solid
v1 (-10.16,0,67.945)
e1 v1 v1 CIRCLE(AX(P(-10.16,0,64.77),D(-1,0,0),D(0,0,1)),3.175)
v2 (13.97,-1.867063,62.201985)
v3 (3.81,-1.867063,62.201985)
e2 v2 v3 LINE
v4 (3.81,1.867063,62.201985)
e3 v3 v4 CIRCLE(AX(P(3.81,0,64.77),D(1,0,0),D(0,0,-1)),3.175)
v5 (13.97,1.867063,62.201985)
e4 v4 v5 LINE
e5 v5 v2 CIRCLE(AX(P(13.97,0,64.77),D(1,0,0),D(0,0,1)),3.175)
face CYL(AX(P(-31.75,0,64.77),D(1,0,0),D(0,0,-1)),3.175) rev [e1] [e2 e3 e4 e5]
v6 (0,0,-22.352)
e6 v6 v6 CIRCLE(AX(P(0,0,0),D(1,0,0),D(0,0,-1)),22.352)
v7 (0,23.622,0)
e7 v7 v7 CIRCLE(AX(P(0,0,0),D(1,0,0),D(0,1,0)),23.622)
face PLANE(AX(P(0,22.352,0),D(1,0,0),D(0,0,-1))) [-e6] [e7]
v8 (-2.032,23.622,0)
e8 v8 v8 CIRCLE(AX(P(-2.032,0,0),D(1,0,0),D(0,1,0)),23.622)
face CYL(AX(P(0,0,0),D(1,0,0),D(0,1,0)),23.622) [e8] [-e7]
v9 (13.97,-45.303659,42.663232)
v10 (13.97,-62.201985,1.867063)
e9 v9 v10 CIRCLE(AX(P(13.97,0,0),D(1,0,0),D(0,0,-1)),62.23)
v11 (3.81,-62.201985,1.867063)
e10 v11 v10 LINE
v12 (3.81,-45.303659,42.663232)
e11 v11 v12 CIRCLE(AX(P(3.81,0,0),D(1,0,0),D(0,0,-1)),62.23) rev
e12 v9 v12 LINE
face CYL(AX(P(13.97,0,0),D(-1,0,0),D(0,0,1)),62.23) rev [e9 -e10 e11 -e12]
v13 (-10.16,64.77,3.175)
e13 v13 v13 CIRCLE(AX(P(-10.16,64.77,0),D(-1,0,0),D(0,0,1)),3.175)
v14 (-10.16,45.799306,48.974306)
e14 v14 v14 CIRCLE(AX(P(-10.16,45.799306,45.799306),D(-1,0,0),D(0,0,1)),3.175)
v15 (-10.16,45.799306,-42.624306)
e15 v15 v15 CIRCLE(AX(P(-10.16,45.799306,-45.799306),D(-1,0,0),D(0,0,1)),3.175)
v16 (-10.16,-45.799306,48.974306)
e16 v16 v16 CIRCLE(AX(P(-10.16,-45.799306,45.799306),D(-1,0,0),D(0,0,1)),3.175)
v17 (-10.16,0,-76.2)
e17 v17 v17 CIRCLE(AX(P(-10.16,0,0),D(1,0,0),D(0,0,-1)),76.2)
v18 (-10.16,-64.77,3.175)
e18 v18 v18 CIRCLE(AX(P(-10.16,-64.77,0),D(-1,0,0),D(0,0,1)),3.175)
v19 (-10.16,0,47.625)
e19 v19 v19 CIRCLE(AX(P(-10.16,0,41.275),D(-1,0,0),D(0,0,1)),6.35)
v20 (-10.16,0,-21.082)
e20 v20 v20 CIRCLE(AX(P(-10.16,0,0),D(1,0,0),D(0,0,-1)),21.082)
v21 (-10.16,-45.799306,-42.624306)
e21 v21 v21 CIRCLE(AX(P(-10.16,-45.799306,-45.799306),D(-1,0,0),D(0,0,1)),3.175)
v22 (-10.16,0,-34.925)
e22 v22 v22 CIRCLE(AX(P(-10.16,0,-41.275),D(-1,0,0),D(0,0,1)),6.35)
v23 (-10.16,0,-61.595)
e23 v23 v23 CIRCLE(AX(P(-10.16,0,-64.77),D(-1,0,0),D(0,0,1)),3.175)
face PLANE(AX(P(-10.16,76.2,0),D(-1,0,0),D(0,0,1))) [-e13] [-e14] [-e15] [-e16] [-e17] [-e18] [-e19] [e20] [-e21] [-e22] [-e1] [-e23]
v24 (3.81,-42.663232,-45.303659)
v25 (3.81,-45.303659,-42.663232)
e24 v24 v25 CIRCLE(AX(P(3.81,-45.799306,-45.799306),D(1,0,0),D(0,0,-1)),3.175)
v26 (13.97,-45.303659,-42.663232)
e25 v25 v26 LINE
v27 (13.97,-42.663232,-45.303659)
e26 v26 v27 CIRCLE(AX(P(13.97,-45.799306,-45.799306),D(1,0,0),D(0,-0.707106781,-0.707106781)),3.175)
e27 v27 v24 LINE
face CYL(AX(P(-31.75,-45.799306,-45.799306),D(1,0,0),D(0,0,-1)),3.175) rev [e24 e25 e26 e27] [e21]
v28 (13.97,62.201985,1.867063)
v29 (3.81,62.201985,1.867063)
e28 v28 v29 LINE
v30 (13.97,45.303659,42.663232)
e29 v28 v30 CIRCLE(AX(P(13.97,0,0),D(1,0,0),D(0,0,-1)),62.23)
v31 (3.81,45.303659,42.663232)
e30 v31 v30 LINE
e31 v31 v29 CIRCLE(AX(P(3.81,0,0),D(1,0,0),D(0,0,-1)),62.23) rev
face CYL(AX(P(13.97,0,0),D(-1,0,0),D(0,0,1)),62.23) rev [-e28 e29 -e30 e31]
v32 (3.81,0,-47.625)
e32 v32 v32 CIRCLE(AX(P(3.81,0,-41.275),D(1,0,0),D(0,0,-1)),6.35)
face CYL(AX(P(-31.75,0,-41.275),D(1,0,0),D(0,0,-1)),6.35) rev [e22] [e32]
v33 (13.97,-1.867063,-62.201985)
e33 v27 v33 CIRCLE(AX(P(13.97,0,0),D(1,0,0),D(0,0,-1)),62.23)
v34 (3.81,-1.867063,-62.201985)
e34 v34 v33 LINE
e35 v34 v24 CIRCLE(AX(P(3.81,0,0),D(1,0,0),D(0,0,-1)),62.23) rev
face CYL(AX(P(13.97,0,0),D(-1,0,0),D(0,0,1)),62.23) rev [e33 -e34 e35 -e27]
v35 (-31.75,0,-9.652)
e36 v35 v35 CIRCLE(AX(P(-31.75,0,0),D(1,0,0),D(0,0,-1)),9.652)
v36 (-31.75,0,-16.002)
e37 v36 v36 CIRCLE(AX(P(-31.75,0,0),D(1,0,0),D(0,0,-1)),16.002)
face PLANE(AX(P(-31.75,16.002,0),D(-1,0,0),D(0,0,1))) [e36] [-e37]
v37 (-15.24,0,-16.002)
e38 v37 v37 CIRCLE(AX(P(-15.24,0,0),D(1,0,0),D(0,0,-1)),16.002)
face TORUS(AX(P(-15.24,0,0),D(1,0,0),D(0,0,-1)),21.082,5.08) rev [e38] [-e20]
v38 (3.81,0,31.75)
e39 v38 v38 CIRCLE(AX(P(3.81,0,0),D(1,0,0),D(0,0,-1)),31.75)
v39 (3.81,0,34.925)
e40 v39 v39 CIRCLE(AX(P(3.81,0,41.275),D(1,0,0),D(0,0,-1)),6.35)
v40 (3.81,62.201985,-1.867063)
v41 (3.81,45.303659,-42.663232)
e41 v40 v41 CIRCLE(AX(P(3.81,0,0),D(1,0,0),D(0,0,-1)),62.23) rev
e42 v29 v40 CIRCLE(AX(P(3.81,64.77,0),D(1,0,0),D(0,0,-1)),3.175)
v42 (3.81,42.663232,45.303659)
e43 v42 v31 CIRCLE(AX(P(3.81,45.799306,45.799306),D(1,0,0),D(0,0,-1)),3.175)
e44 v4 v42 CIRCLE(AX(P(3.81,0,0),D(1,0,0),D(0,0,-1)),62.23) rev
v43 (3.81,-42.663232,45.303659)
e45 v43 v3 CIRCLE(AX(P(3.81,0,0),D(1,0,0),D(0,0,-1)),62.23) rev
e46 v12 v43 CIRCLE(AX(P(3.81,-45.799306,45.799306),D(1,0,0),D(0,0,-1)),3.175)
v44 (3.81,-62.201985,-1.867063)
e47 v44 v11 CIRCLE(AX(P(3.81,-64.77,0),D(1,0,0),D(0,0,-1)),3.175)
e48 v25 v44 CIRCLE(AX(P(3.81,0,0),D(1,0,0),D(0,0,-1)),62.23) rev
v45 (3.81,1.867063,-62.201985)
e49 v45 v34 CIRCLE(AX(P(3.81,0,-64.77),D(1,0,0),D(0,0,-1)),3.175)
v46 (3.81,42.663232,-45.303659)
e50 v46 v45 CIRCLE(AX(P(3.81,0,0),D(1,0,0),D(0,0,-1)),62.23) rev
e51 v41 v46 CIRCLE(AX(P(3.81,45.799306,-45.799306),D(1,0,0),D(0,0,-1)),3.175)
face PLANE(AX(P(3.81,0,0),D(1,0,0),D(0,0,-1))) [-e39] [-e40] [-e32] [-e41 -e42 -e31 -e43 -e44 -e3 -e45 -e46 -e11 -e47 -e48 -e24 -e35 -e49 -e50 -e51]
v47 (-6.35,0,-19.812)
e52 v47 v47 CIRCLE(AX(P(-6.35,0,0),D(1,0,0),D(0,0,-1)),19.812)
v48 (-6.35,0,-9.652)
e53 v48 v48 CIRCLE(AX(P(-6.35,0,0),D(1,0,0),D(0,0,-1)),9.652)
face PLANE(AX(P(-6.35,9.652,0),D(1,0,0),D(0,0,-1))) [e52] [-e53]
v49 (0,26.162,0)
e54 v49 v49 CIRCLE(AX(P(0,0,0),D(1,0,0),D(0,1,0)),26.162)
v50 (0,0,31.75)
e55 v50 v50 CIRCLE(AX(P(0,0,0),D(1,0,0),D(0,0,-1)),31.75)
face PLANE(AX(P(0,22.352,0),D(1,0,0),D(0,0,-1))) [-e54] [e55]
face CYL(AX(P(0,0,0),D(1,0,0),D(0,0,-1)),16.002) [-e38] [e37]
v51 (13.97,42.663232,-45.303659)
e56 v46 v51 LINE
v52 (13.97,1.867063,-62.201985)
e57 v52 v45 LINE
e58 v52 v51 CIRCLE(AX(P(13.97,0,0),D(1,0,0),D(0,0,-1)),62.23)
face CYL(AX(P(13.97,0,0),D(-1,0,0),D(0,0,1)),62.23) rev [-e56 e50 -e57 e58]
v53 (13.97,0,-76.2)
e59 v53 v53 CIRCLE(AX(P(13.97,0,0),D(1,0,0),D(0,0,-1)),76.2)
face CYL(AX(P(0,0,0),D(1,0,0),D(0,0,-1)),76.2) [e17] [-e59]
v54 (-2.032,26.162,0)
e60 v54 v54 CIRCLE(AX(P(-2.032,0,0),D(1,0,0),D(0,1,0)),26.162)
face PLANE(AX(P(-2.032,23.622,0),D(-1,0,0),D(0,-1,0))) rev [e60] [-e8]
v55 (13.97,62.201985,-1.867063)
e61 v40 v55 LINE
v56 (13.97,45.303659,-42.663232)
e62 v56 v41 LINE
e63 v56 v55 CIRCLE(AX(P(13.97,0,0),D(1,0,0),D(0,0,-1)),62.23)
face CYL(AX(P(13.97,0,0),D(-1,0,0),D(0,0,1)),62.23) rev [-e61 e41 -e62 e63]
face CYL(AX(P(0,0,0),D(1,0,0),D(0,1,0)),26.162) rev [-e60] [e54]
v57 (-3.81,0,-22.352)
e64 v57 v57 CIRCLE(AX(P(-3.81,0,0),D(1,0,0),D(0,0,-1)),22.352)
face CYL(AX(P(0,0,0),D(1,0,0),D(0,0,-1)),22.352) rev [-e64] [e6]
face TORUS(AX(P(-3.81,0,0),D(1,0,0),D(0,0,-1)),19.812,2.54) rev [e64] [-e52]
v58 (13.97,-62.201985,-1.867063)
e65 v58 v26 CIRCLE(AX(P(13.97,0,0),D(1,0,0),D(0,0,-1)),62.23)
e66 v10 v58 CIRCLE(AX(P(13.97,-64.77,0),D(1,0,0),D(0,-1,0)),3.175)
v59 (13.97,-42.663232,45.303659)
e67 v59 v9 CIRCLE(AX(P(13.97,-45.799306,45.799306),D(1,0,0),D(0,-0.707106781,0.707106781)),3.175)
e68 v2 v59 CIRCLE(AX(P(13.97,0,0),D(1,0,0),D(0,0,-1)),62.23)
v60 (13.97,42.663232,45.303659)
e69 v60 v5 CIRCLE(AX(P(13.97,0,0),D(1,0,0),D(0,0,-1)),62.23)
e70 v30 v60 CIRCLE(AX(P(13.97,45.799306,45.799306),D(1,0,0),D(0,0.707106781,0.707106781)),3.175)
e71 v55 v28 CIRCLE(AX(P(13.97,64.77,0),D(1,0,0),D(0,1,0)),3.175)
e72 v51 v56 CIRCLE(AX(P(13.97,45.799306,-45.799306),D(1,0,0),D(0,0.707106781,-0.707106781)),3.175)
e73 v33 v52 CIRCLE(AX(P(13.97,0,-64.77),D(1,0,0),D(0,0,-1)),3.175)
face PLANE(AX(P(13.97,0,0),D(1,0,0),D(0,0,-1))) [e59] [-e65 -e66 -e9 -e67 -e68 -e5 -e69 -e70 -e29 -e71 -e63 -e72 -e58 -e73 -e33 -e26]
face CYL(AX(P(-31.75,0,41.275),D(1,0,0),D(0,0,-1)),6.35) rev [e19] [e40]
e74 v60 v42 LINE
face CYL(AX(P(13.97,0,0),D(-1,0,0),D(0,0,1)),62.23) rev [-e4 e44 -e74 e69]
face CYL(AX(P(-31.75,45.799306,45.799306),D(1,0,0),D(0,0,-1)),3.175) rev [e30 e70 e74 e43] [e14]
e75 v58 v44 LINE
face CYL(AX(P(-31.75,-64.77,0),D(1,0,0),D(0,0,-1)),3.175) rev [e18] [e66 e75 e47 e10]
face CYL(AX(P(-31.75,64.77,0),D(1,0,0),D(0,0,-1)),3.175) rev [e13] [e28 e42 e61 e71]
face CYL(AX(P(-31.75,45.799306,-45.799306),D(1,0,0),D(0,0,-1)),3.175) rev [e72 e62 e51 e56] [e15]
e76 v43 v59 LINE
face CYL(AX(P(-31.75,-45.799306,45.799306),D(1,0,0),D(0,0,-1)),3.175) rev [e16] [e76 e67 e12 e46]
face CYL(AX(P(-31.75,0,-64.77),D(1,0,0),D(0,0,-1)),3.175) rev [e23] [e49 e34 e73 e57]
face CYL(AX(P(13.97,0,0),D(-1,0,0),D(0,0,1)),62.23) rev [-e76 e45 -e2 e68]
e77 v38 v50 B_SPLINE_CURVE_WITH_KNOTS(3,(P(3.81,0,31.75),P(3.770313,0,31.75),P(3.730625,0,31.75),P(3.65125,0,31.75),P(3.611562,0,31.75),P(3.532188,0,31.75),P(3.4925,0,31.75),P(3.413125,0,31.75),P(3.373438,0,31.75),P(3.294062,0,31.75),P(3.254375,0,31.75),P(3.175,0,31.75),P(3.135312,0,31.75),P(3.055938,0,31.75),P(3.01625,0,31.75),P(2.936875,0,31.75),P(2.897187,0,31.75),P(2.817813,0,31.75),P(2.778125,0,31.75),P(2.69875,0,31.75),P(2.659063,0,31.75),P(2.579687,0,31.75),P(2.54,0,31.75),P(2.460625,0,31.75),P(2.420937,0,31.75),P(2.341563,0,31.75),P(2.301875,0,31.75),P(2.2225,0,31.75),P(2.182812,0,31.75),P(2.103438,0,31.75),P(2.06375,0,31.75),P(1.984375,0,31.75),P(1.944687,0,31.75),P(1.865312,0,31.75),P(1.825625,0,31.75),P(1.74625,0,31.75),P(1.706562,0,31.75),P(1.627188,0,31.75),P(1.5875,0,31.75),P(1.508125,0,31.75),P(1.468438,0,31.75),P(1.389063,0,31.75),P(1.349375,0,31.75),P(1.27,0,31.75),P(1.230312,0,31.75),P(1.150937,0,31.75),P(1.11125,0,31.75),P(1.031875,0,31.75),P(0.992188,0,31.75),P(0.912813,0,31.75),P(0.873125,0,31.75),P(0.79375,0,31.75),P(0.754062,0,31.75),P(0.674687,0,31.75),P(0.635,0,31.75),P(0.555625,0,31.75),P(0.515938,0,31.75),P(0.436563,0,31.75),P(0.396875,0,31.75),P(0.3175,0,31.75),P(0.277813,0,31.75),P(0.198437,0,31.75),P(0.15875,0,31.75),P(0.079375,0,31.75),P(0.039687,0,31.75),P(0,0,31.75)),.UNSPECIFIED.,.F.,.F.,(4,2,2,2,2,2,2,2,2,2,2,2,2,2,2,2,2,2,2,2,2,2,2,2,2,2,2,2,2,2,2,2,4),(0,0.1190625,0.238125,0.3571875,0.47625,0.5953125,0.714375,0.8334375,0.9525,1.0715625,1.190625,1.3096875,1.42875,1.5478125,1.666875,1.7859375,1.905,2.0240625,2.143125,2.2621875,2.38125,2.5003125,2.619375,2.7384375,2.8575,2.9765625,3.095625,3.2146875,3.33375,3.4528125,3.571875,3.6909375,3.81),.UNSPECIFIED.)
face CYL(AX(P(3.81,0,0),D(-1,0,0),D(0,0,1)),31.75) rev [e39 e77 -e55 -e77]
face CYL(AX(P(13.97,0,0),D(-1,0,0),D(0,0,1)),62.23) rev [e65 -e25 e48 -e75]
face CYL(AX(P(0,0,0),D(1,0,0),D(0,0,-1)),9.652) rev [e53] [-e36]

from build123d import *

# Parameters (mm, degrees)
SKETCH4_W               = 2.032
SKETCH4_H               = 2.54
SKETCH5_R               = 76.2
SKETCH5_R_2             = 31.75
BOSS_EXTRUDE1_DEPTH     = 3.81
SKETCH6_R               = 76.2
SKETCH6_R_2             = 62.23
BOSS_EXTRUDE2_DEPTH     = 10.16
CUT_EXTRUDE1_DEPTH      = 113.342968182
CUT_EXTRUDE1_DEPTH_BACK = 113.342968182
SKETCH2_R               = 6.35
SKETCH3_R               = 3.175
CUT_EXTRUDE2_DEPTH      = 113.342968182
CIRPATTERN1_COUNT       = 8


with BuildPart() as part:
    # Sketch1 → Revolve1 (revolve)
    with BuildSketch(Plane.XY, mode=Mode.PRIVATE) as revolve1_sk:
        with BuildLine():
            Line((0, 76.2), (-10.16, 76.2))
            Line((-10.16, 76.2), (-10.16, 21.082))
            ThreePointArc((-10.16, 21.082), (-11.647897552, 17.489897552), (-15.24, 16.002))
            Line((-15.24, 16.002), (-31.75, 16.002))
            Line((-31.75, 16.002), (-31.75, 9.652))
            Line((-31.75, 9.652), (-6.35, 9.652))
            Line((-6.35, 9.652), (-6.35, 19.812))
            ThreePointArc((-6.35, 19.812), (-5.606051224, 21.608051224), (-3.81, 22.352))
            Line((-3.81, 22.352), (0, 22.352))
            Line((0, 22.352), (0, 76.2))
        make_face()
    revolve(revolve1_sk.sketch.rotate(Axis((0, 0, 0), (-1, 0, 0)), 90), axis=Axis((0, 0, 0), (-1, 0, 0)))

    # Sketch4 → Cut-Revolve1 (revolve, cut)
    with BuildSketch(Plane.XY):
        with Locations((-1.016, 24.892)):
            Rectangle(SKETCH4_W, SKETCH4_H)
    revolve(axis=Axis((0, 0, 0), (-1, 0, 0)), mode=Mode.SUBTRACT)

    # Sketch5 → Boss-Extrude1 (add)
    with BuildSketch(Plane(origin=(0, 0, 0), x_dir=(0, 0, -1), z_dir=(1, 0, 0))):
        Circle(SKETCH5_R)
        with Locations(Location((0, 0, 0), (0, 0, 180))):
            Circle(SKETCH5_R_2, mode=Mode.SUBTRACT)
    extrude(amount=BOSS_EXTRUDE1_DEPTH)

    # Sketch6 → Boss-Extrude2 (add)
    with BuildSketch(Plane(origin=(3.81, 0, 0), x_dir=(0, 0, -1), z_dir=(1, 0, 0))):
        Circle(SKETCH6_R)
        Circle(SKETCH6_R_2, mode=Mode.SUBTRACT)
    extrude(amount=BOSS_EXTRUDE2_DEPTH)

    # Sketch2 → Cut-Extrude1 (cut, two sides: drawn at the far end of the back side and taken through both)
    with BuildSketch(Plane(origin=(0, 0, 0), x_dir=(0, 0, -1), z_dir=(1, 0, 0)).offset(-CUT_EXTRUDE1_DEPTH_BACK)):
        with Locations((41.275, 0)):
            Circle(SKETCH2_R)
        with Locations((-41.275, 0)):
            Circle(SKETCH2_R)
    extrude(amount=CUT_EXTRUDE1_DEPTH + CUT_EXTRUDE1_DEPTH_BACK, mode=Mode.SUBTRACT)

    # Sketch3 → Cut-Extrude2 (cut, symmetric)
    with BuildSketch(Plane(origin=(0, 0, 0), x_dir=(0, 0, -1), z_dir=(1, 0, 0))):
        with Locations(Location((64.77, 0, 0), (0, 0, 216.018854193))):
            Circle(SKETCH3_R)
    cut_extrude2 = extrude(amount=CUT_EXTRUDE2_DEPTH, both=True, mode=Mode.SUBTRACT)

    # CirPattern1: Cut-Extrude2 ×8 about axis
    cirpattern1_axis = Axis((0, 0, 0), (1, 0, 0))
    for i in range(1, CIRPATTERN1_COUNT):
        add(cut_extrude2.rotate(cirpattern1_axis, i * 360 / CIRPATTERN1_COUNT), mode=Mode.SUBTRACT)


solid = part.part
